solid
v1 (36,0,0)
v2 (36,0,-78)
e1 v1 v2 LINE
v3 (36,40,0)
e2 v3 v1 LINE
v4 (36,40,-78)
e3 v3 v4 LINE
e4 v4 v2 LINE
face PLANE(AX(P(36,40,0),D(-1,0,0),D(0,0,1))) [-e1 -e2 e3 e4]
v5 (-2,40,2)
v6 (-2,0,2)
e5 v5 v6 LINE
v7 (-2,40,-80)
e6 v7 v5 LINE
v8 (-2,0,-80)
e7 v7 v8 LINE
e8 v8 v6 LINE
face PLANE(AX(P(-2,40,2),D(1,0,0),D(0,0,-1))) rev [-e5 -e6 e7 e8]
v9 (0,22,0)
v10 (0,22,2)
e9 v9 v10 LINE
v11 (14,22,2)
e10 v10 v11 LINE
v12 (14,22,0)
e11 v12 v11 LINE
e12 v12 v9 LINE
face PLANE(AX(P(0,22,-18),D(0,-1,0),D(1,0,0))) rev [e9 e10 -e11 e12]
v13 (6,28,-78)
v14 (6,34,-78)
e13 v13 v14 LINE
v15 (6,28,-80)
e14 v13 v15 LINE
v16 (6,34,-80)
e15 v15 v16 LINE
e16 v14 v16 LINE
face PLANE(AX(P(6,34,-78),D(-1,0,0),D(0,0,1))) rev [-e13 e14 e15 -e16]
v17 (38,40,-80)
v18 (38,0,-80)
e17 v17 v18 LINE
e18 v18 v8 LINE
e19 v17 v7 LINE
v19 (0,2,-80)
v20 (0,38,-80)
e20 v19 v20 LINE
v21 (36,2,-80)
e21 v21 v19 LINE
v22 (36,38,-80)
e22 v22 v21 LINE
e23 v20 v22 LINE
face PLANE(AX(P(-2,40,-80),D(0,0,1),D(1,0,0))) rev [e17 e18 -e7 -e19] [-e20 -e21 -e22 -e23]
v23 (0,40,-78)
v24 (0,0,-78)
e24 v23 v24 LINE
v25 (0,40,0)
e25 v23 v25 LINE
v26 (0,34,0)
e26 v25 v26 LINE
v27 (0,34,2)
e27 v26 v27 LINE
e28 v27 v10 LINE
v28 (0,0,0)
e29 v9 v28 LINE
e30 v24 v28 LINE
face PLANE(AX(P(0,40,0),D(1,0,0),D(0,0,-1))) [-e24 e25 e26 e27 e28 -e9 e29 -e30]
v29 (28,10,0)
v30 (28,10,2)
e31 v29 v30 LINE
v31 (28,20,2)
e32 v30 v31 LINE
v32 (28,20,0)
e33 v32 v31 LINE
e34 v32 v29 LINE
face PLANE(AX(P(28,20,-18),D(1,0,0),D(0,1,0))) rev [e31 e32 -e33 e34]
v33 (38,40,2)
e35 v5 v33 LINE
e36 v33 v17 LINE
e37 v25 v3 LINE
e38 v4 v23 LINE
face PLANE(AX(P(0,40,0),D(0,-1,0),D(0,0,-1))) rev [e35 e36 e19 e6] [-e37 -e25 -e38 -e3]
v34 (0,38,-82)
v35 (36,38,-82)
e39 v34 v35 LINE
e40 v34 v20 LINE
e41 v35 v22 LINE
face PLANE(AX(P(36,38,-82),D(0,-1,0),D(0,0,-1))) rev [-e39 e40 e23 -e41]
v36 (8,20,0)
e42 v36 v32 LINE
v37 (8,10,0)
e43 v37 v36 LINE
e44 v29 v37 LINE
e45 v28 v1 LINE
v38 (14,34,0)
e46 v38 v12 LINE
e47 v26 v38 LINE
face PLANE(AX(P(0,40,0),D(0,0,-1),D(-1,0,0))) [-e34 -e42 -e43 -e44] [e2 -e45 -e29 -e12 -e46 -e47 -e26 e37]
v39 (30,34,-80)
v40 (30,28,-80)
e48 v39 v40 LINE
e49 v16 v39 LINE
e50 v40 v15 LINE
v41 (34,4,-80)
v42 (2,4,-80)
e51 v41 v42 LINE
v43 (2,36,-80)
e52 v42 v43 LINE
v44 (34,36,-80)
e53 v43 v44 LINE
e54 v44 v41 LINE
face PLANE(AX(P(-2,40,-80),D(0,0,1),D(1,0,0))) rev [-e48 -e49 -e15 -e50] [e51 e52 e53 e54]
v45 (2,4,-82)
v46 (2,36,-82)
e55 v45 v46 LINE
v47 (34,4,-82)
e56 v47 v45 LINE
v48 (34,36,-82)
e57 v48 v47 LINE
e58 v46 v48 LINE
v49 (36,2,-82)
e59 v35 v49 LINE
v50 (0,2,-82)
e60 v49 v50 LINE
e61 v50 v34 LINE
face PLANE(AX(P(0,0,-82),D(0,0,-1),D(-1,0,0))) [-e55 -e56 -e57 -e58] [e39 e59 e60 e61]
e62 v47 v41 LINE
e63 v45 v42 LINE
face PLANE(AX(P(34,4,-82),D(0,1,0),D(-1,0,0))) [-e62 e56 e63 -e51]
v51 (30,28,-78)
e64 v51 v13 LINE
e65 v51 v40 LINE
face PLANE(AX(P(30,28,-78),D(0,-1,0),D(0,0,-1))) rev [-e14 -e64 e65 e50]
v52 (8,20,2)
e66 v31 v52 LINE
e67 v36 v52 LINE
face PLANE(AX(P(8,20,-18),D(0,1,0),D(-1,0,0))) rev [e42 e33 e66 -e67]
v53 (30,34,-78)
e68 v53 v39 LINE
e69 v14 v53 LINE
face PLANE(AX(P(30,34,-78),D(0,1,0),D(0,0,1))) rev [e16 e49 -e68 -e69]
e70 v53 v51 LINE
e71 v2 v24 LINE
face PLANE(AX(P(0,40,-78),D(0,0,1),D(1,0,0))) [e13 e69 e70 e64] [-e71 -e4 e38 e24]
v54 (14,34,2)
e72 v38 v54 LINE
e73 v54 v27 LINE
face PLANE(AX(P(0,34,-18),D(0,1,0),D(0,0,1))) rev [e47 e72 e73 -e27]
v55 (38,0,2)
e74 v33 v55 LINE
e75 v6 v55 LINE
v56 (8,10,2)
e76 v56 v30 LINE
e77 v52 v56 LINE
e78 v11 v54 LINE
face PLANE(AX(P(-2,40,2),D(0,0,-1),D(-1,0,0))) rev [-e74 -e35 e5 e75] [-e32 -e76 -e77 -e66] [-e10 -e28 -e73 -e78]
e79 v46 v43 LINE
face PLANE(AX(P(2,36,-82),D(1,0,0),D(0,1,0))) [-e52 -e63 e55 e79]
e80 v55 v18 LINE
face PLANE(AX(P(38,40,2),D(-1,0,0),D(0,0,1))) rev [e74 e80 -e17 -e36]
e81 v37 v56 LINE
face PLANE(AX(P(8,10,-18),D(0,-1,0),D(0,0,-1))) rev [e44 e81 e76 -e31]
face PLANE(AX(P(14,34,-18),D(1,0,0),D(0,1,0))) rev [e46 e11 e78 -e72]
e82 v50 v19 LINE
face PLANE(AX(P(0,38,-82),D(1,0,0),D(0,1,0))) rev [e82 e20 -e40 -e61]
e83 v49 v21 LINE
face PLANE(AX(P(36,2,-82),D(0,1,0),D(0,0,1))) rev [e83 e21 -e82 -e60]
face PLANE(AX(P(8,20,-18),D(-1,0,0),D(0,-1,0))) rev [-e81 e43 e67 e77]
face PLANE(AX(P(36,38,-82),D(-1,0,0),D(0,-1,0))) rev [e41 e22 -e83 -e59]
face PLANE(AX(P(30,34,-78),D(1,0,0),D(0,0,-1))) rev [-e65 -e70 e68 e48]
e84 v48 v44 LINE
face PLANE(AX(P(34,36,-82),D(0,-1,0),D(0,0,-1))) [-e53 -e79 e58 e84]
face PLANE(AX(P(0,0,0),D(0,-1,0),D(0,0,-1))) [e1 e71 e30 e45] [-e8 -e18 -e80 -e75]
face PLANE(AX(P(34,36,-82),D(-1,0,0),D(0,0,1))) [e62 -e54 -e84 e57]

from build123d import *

# Parameters (mm, degrees)
SKETCH1_W           = 40
SKETCH1_H           = 82
SKETCH1_W_2         = 36
SKETCH1_H_2         = 78
BOSS_EXTRUDE1_DEPTH = 40
SKETCH2_W           = 20
SKETCH2_H           = 10
SKETCH2_W_2         = 14
SKETCH2_H_2         = 12
CUT_EXTRUDE1_DEPTH  = 20
SKETCH4_W           = 36
SKETCH4_H           = 36
SKETCH4_W_2         = 32
SKETCH4_H_2         = 32
BOSS_EXTRUDE2_DEPTH = 2
SKETCH3_W           = 24
SKETCH3_H           = 6
CUT_EXTRUDE2_DEPTH  = 2


with BuildPart() as part:
    # Sketch1 → Boss-Extrude1 (new body)
    with BuildSketch(Plane(origin=(0, 0, 0), x_dir=(1, 0, 0), z_dir=(0, 1, 0))):
        with Locations((18, 39)):
            Rectangle(SKETCH1_W, SKETCH1_H)
        with Locations((18, 39)):
            Rectangle(SKETCH1_W_2, SKETCH1_H_2, mode=Mode.SUBTRACT)
    extrude(amount=BOSS_EXTRUDE1_DEPTH)

    # Sketch2 → Cut-Extrude1 (cut)
    with BuildSketch(Plane.XY.offset(2)):
        with Locations((18, 15)):
            Rectangle(SKETCH2_W, SKETCH2_H)
        with Locations((7, 28)):
            Rectangle(SKETCH2_W_2, SKETCH2_H_2)
    extrude(amount=-CUT_EXTRUDE1_DEPTH, mode=Mode.SUBTRACT)

    # Sketch4 → Boss-Extrude2 (add)
    with BuildSketch(Plane(origin=(0, 0, -80), x_dir=(-1, 0, 0), z_dir=(0, 0, -1))):
        with Locations((-18, 20)):
            Rectangle(SKETCH4_W, SKETCH4_H)
        with Locations((-18, 20)):
            Rectangle(SKETCH4_W_2, SKETCH4_H_2, mode=Mode.SUBTRACT)
    extrude(amount=BOSS_EXTRUDE2_DEPTH)

    # Sketch3 → Cut-Extrude2 (cut)
    with BuildSketch(Plane(origin=(0, 0, -80), x_dir=(-1, 0, 0), z_dir=(0, 0, -1))):
        with Locations((-18, 31)):
            Rectangle(SKETCH3_W, SKETCH3_H)
    extrude(amount=-CUT_EXTRUDE2_DEPTH, mode=Mode.SUBTRACT)


solid = part.part
